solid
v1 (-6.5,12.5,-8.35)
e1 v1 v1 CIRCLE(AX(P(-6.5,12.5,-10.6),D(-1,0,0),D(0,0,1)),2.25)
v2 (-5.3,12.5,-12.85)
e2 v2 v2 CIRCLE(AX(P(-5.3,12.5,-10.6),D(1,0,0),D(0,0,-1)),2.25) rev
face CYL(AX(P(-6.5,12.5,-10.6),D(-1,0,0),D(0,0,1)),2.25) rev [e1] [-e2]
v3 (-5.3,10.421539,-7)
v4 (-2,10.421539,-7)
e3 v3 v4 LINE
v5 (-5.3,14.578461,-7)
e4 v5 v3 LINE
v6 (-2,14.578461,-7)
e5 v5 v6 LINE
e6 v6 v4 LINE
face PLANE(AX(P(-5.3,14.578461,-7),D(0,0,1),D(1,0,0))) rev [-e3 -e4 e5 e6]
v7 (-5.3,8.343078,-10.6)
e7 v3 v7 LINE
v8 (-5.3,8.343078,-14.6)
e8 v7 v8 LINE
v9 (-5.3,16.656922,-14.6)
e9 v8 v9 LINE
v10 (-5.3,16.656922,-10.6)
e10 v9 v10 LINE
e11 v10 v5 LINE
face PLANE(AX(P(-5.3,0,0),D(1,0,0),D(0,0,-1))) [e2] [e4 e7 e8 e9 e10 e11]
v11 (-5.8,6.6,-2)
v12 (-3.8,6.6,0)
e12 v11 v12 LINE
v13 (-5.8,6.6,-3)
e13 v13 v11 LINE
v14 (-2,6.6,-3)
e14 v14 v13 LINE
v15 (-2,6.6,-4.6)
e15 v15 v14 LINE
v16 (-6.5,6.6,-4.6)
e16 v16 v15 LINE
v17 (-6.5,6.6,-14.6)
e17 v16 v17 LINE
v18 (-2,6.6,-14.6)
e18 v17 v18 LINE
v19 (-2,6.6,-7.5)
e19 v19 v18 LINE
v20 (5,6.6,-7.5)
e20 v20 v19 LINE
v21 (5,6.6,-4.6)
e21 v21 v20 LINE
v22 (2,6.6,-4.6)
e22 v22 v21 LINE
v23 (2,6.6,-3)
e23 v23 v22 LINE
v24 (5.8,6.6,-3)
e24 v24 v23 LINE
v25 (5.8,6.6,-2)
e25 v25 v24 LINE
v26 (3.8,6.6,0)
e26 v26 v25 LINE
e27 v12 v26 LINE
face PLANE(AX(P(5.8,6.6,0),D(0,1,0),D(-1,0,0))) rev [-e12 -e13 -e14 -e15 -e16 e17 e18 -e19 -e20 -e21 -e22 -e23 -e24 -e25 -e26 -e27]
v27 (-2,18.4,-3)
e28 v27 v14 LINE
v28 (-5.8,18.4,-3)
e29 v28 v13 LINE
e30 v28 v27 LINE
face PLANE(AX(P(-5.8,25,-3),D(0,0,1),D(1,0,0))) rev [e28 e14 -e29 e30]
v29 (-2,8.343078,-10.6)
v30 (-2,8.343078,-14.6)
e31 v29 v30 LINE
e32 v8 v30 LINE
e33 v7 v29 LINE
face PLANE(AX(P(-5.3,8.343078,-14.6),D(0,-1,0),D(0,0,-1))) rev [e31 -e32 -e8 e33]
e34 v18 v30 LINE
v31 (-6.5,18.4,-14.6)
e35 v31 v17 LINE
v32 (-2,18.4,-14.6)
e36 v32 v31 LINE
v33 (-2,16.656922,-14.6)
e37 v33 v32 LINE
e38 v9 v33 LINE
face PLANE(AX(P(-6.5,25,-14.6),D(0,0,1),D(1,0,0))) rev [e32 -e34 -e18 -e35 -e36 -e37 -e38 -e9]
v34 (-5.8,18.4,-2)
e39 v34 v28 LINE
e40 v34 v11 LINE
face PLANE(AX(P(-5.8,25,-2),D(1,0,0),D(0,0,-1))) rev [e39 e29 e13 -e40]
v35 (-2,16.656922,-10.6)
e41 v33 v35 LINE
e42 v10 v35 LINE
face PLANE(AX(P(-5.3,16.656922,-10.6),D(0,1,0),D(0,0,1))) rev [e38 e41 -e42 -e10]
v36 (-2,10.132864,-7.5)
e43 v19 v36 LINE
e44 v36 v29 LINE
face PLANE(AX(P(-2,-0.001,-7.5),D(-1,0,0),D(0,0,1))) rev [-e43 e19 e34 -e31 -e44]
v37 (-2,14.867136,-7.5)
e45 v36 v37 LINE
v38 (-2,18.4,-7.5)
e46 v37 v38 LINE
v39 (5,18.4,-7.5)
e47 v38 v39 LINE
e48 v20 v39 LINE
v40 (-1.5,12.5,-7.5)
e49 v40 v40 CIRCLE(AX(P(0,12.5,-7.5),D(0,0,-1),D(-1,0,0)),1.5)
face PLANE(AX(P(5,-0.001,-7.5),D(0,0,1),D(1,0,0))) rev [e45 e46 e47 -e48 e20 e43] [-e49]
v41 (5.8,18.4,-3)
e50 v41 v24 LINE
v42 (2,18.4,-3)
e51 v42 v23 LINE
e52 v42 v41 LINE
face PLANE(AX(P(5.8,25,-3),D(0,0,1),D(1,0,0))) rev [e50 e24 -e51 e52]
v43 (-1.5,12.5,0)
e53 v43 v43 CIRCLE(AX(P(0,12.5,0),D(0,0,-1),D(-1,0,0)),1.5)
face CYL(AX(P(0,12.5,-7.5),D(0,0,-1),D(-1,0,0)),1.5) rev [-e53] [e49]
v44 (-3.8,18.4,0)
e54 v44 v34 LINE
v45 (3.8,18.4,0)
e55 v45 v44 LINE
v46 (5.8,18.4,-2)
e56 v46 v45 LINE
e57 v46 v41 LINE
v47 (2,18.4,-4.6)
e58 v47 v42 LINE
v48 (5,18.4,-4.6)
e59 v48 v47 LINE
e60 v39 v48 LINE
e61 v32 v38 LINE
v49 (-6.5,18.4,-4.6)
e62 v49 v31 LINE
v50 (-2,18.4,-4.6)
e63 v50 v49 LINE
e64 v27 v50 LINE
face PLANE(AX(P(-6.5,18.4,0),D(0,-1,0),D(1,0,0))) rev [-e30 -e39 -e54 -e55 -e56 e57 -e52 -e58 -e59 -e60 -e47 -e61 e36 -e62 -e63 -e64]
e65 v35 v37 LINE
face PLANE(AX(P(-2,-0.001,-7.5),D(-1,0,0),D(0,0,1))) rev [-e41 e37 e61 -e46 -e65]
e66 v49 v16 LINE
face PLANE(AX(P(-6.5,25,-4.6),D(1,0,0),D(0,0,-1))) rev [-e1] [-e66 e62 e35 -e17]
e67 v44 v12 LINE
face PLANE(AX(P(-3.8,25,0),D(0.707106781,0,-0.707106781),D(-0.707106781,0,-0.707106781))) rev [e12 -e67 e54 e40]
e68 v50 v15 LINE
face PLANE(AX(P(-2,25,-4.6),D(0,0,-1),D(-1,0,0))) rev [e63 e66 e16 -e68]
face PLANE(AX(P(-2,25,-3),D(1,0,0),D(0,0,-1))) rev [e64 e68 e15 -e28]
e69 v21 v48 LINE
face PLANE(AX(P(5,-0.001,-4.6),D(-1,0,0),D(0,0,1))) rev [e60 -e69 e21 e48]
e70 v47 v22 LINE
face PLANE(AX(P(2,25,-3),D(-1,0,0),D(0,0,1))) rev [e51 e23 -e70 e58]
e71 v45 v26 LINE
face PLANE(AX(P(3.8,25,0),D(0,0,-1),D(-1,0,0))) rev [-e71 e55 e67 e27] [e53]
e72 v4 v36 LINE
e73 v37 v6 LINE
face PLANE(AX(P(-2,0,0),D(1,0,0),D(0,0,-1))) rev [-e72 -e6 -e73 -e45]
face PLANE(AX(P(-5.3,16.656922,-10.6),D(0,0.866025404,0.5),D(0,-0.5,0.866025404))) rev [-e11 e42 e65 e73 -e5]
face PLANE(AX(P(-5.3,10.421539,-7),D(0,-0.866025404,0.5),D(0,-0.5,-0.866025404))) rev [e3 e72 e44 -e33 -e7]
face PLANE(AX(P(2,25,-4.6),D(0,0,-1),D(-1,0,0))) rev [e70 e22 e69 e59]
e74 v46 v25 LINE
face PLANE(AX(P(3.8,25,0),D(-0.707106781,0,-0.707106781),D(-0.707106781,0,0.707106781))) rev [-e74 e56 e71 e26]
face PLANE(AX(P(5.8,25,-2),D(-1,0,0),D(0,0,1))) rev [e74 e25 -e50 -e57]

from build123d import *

# Parameters (mm, degrees)
BOSS_EXTRUDE1_DEPTH      = 25
CUT_EXTRUDE1_REACH       = 27
M3_TAPPED_HOLE1_D        = 3
M3_TAPPED_HOLE1_DEPTH    = 7.5
M4_CLEARANCE_HOLE1_D     = 4.5
M4_CLEARANCE_HOLE1_DEPTH = 4.5
CUT_EXTRUDE2_DEPTH       = 3.3
SKETCH9_W                = 12.3
SKETCH9_H                = 6.6
CUT_EXTRUDE3_DEPTH       = 15.6


with BuildPart() as part:
    # Sketch1 → Boss-Extrude1 (new body)
    with BuildSketch(Plane(origin=(0, 0, 0), x_dir=(1, 0, 0), z_dir=(0, 1, 0))):
        Polygon((-3.8, 0), (-5.8, 2), (-5.8, 3), (-2, 3), (-2, 4.6), (-6.5, 4.6), (-6.5, 14.6), (6.5, 14.6), (6.5, 4.6), (2, 4.6), (2, 3), (5.8, 3), (5.8, 2), (3.8, 0), align=None)
    extrude(amount=BOSS_EXTRUDE1_DEPTH)

    # Sketch2 → Cut-Extrude1 (cut, up to next)
    with BuildSketch(Plane(origin=(0, 25, 0), x_dir=(1, 0, 0), z_dir=(0, 1, 0)), mode=Mode.PRIVATE) as cut_extrude1_sk1:
        Polygon((6.5, 4.6), (5, 4.6), (5, 7.5), (-2, 7.5), (-2, 14.6), (6.5, 14.6), align=None)
    cut_extrude1_tool1 = extrude(cut_extrude1_sk1.sketch, amount=-CUT_EXTRUDE1_REACH, mode=Mode.PRIVATE) & part.part
    add(cut_extrude1_tool1.solids().sort_by_distance((2.485317, 25, -10.713833))[0], mode=Mode.SUBTRACT)

    # M3 Tapped Hole1
    with Locations(Plane(origin=(0, 0, -7.5), x_dir=(-1, 0, 0), z_dir=(0, 0, -1))):
        with Locations((0, 22), (0, 3), (0, 12.5)):
            Hole(M3_TAPPED_HOLE1_D / 2, depth=M3_TAPPED_HOLE1_DEPTH)

    # M4 Clearance Hole1
    with Locations(Plane.ZY.offset(6.5)):
        with Locations((-10.6, 12.5)):
            Hole(M4_CLEARANCE_HOLE1_D / 2, depth=M4_CLEARANCE_HOLE1_DEPTH)

    # Sketch8 → Cut-Extrude2 (cut)
    with BuildSketch(Plane(origin=(-2, 0, 0), x_dir=(0, 0, -1), z_dir=(1, 0, 0))):
        Polygon((10.6, 16.656921938), (14.6, 16.656921938), (14.6, 8.343078062), (10.6, 8.343078062), (7, 10.421539031), (7, 14.578460969), align=None)
    extrude(amount=-CUT_EXTRUDE2_DEPTH, mode=Mode.SUBTRACT)

    # Sketch9 → Cut-Extrude3 (cut, through all)
    with BuildSketch(Plane(origin=(0, 0, -14.6), x_dir=(-1, 0, 0), z_dir=(0, 0, -1))):
        with Locations((0.35, 21.7)):
            Rectangle(SKETCH9_W, SKETCH9_H)
        with Locations((0.35, 3.3)):
            Rectangle(SKETCH9_W, SKETCH9_H)
    extrude(amount=-CUT_EXTRUDE3_DEPTH, mode=Mode.SUBTRACT)


solid = part.part
